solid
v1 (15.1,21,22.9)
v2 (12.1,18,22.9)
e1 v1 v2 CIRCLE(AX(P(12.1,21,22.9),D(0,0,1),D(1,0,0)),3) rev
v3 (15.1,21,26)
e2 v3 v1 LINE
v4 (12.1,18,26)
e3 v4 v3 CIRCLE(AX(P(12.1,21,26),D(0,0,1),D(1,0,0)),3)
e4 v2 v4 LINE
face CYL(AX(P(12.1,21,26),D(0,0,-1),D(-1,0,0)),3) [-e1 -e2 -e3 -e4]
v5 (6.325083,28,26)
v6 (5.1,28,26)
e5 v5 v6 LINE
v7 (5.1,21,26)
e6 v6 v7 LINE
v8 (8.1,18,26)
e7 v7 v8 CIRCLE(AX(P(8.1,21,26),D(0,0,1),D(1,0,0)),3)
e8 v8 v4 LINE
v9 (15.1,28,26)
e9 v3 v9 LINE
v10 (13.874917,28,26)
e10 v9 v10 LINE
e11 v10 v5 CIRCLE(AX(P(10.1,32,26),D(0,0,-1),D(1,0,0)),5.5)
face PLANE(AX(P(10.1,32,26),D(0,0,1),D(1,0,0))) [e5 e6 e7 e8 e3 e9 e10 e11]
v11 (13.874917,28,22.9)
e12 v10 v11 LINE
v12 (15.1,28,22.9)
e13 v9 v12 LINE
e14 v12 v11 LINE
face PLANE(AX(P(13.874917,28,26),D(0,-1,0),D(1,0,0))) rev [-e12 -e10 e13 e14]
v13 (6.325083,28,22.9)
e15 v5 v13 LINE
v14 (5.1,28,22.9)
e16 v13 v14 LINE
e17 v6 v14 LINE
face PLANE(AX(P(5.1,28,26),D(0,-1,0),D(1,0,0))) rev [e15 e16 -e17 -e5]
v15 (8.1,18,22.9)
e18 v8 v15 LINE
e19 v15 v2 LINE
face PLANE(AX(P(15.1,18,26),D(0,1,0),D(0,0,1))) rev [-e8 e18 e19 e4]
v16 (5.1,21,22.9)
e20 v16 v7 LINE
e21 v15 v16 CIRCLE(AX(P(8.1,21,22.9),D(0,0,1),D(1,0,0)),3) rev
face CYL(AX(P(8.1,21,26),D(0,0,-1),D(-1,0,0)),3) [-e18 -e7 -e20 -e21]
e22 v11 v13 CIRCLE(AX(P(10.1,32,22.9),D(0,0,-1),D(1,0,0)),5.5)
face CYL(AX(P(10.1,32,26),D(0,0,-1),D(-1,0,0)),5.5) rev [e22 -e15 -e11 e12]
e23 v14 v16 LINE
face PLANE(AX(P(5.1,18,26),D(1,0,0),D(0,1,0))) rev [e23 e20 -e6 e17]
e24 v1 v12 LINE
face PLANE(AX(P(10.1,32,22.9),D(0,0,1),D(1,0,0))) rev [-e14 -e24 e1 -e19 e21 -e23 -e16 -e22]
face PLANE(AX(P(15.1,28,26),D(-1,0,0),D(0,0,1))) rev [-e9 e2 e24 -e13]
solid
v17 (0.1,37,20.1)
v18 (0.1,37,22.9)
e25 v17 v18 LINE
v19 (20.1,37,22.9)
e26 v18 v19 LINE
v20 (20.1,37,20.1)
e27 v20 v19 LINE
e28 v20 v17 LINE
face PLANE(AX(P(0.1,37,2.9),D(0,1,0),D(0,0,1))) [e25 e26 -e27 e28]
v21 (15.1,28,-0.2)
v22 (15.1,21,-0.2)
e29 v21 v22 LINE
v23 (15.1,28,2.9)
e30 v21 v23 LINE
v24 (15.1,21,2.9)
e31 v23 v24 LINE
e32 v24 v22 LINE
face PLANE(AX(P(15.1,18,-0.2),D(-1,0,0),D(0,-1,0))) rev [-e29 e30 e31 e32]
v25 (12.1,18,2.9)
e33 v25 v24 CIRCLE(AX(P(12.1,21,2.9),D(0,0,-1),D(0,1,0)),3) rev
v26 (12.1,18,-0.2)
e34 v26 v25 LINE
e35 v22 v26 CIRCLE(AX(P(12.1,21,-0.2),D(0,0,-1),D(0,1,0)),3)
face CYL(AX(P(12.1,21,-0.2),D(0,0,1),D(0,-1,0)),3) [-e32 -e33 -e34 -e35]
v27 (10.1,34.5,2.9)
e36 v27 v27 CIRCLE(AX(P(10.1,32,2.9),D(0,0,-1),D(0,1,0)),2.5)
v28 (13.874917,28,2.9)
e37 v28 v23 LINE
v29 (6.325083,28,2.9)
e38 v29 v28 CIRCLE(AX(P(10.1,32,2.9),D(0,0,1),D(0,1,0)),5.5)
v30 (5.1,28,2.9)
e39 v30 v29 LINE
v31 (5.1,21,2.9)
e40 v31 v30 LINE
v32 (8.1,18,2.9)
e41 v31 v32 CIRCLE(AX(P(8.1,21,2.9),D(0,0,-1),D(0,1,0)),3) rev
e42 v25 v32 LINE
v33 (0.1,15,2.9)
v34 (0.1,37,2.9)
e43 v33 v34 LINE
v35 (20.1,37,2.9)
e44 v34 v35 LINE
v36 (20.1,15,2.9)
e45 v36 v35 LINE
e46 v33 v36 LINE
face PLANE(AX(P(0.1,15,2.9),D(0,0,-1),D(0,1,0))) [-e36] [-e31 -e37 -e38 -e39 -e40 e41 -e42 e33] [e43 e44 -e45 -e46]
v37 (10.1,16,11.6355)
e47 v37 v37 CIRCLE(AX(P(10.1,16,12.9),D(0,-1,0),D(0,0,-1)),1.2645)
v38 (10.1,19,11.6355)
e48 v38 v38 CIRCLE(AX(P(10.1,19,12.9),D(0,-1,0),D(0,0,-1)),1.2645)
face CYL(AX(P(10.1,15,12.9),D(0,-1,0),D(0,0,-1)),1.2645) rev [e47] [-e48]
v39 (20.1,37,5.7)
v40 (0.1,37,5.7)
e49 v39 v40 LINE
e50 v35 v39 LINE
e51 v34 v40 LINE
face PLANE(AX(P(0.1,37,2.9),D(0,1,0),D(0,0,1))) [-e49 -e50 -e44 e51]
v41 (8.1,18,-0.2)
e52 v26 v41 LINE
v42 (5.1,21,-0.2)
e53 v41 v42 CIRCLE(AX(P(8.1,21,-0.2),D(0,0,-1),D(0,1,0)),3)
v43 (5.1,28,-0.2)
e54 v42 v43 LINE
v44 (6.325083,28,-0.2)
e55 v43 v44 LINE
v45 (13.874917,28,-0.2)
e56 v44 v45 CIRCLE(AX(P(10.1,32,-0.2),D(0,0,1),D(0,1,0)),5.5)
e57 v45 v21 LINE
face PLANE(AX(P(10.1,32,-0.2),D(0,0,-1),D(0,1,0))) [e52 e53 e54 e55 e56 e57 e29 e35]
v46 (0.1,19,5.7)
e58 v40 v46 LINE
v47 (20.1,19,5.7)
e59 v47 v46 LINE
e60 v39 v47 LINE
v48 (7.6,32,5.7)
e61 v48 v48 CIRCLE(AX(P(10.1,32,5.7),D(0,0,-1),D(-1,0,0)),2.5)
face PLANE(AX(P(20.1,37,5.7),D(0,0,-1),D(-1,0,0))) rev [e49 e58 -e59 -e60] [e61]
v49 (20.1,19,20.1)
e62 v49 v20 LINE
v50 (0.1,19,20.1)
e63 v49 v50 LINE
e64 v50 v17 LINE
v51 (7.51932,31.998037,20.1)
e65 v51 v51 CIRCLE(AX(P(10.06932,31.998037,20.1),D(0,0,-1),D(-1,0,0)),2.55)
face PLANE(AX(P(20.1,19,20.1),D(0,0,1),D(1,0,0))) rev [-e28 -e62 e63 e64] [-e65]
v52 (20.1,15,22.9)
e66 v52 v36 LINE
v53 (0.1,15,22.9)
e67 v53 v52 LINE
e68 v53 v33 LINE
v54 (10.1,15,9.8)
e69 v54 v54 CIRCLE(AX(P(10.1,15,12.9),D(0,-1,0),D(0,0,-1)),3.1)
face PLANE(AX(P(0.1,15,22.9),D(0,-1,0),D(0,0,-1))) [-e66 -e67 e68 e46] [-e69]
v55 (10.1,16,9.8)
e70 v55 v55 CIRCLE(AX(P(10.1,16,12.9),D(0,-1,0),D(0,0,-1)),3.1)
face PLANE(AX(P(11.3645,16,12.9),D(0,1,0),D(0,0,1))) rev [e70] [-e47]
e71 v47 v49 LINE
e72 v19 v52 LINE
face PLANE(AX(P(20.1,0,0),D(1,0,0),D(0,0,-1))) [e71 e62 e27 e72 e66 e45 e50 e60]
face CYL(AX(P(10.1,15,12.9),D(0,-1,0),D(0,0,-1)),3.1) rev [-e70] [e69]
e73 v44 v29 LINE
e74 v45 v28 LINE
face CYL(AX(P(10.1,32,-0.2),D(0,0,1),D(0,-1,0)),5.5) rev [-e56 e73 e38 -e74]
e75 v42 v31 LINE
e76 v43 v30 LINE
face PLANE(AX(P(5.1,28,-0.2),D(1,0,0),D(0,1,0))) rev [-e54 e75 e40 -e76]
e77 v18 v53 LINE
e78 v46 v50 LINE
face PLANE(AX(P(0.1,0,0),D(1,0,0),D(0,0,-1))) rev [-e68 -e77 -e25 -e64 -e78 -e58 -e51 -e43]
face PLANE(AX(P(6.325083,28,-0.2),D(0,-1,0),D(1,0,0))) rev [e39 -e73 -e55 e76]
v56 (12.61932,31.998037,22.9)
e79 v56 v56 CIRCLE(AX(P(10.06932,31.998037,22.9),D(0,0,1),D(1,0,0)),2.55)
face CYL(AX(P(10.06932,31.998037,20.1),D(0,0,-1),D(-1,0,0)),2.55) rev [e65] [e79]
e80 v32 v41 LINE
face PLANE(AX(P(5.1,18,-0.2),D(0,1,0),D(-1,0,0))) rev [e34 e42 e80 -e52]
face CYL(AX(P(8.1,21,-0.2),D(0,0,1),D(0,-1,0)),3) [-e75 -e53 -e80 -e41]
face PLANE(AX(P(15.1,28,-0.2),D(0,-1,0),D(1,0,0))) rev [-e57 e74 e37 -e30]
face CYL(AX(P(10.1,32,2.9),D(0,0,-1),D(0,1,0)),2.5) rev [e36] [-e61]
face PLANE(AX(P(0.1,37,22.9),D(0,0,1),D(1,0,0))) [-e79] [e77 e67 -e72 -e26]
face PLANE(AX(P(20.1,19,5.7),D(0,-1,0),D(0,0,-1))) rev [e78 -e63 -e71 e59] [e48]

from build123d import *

# Parameters (mm, degrees)
SKETCH114_W          = 20
SKETCH114_H          = 22
BOSS_EXTRUDE16_DEPTH = 20
SKETCH115_W          = 14.4
SKETCH115_H          = 18
CUT_EXTRUDE6_DEPTH   = 48.889560449
BOSS_EXTRUDE17_DEPTH = 3.1
BOSS_EXTRUDE18_DEPTH = 3.1
SKETCH123_W          = 2.5
SKETCH123_H          = 2.801
FILLET6_R            = 3
FILLET7_R            = 3
SKETCH128_W          = 2.55
SKETCH128_H          = 5.9


with BuildPart() as part:
    # Sketch114 → Boss-Extrude16 (new body)
    with BuildSketch(Plane(origin=(20.1, 0, 0), x_dir=(0, 0, -1), z_dir=(1, 0, 0))):
        with Locations((-12.9, 26)):
            Rectangle(SKETCH114_W, SKETCH114_H)
    extrude(amount=-BOSS_EXTRUDE16_DEPTH)

    # Sketch115 → Cut-Extrude6 (cut, through all)
    with BuildSketch(Plane.ZY.offset(-0.1)):
        with Locations((12.9, 28)):
            Rectangle(SKETCH115_W, SKETCH115_H)
    extrude(amount=-CUT_EXTRUDE6_DEPTH, mode=Mode.SUBTRACT)

    # Sketch122 → Boss-Extrude18 (add)
    with BuildSketch(Plane(origin=(0, 0, 2.9), x_dir=(-1, 0, 0), z_dir=(0, 0, -1))):
        with BuildLine():
            Line((-15.1, 18), (-15.1, 28))
            Line((-15.1, 28), (-13.874917218, 28))
            ThreePointArc((-13.874917218, 28), (-10.1, 26.5), (-6.325082782, 28))
            Line((-6.325082782, 28), (-5.1, 28))
            Line((-5.1, 28), (-5.1, 18))
            Line((-5.1, 18), (-15.1, 18))
        make_face()
    extrude(amount=BOSS_EXTRUDE18_DEPTH)

    # Sketch123 → Ø5.0 (5) Diameter Hole1 (revolve, cut)
    with BuildSketch(Plane(origin=(10.1, 32, 2.9), x_dir=(0, 1, 0), z_dir=(1, 0, 0))):
        with Locations((1.25, 1.4005)):
            Rectangle(SKETCH123_W, SKETCH123_H)
    revolve(axis=Axis((10.1, 32, -3.45), (0, 0, 1)), mode=Mode.SUBTRACT)

    # Sketch125 → CBORE for M2 Hex Head Machine Screw6 (revolve, cut)
    with BuildSketch(Plane(origin=(10.1, 15, 12.9), x_dir=(0, 0, -1), z_dir=(1, 0, 0))):
        Polygon((0, 0), (0, 4), (1.2645, 4), (1.2645, 1), (3.1, 1), (3.1, 0), align=None)
    revolve(axis=Axis((10.1, 8.65, 12.9), (0, 1, 0)), mode=Mode.SUBTRACT)

    # Fillet7
    fillet7_edges = [part.edges().sort_by_distance(p)[0] for p in [
        (15.1, 18, 1.35),
        (5.1, 18, 1.35),
    ]]
    fillet(fillet7_edges, radius=FILLET7_R)

    # Sketch128 → Ø5.1 (5.1) Diameter Hole1 (revolve, cut)
    with BuildSketch(Plane(origin=(10.069319505, 31.99803671, 20.1), x_dir=(0, 1, 0), z_dir=(1, 0, 0))):
        with Locations((1.275, 2.95)):
            Rectangle(SKETCH128_W, SKETCH128_H)
    revolve(axis=Axis((10.069319505, 31.99803671, 13.75), (0, 0, 1)), mode=Mode.SUBTRACT)


with BuildPart() as body_2:
    # Sketch121 → Boss-Extrude17 (new body)
    with BuildSketch(Plane.XY.offset(22.9)):
        with BuildLine():
            Line((5.1, 28), (6.325082782, 28))
            ThreePointArc((6.325082782, 28), (10.1, 26.5), (13.874917218, 28))
            Line((13.874917218, 28), (15.1, 28))
            Line((15.1, 28), (15.1, 18))
            Line((15.1, 18), (5.1, 18))
            Line((5.1, 18), (5.1, 28))
        make_face()
    extrude(amount=BOSS_EXTRUDE17_DEPTH)

    # Fillet6
    fillet6_edges = [body_2.edges().sort_by_distance(p)[0] for p in [
        (15.1, 18, 24.45),
        (5.1, 18, 24.45),
    ]]
    fillet(fillet6_edges, radius=FILLET6_R)


solid = Compound([part.part, body_2.part])
